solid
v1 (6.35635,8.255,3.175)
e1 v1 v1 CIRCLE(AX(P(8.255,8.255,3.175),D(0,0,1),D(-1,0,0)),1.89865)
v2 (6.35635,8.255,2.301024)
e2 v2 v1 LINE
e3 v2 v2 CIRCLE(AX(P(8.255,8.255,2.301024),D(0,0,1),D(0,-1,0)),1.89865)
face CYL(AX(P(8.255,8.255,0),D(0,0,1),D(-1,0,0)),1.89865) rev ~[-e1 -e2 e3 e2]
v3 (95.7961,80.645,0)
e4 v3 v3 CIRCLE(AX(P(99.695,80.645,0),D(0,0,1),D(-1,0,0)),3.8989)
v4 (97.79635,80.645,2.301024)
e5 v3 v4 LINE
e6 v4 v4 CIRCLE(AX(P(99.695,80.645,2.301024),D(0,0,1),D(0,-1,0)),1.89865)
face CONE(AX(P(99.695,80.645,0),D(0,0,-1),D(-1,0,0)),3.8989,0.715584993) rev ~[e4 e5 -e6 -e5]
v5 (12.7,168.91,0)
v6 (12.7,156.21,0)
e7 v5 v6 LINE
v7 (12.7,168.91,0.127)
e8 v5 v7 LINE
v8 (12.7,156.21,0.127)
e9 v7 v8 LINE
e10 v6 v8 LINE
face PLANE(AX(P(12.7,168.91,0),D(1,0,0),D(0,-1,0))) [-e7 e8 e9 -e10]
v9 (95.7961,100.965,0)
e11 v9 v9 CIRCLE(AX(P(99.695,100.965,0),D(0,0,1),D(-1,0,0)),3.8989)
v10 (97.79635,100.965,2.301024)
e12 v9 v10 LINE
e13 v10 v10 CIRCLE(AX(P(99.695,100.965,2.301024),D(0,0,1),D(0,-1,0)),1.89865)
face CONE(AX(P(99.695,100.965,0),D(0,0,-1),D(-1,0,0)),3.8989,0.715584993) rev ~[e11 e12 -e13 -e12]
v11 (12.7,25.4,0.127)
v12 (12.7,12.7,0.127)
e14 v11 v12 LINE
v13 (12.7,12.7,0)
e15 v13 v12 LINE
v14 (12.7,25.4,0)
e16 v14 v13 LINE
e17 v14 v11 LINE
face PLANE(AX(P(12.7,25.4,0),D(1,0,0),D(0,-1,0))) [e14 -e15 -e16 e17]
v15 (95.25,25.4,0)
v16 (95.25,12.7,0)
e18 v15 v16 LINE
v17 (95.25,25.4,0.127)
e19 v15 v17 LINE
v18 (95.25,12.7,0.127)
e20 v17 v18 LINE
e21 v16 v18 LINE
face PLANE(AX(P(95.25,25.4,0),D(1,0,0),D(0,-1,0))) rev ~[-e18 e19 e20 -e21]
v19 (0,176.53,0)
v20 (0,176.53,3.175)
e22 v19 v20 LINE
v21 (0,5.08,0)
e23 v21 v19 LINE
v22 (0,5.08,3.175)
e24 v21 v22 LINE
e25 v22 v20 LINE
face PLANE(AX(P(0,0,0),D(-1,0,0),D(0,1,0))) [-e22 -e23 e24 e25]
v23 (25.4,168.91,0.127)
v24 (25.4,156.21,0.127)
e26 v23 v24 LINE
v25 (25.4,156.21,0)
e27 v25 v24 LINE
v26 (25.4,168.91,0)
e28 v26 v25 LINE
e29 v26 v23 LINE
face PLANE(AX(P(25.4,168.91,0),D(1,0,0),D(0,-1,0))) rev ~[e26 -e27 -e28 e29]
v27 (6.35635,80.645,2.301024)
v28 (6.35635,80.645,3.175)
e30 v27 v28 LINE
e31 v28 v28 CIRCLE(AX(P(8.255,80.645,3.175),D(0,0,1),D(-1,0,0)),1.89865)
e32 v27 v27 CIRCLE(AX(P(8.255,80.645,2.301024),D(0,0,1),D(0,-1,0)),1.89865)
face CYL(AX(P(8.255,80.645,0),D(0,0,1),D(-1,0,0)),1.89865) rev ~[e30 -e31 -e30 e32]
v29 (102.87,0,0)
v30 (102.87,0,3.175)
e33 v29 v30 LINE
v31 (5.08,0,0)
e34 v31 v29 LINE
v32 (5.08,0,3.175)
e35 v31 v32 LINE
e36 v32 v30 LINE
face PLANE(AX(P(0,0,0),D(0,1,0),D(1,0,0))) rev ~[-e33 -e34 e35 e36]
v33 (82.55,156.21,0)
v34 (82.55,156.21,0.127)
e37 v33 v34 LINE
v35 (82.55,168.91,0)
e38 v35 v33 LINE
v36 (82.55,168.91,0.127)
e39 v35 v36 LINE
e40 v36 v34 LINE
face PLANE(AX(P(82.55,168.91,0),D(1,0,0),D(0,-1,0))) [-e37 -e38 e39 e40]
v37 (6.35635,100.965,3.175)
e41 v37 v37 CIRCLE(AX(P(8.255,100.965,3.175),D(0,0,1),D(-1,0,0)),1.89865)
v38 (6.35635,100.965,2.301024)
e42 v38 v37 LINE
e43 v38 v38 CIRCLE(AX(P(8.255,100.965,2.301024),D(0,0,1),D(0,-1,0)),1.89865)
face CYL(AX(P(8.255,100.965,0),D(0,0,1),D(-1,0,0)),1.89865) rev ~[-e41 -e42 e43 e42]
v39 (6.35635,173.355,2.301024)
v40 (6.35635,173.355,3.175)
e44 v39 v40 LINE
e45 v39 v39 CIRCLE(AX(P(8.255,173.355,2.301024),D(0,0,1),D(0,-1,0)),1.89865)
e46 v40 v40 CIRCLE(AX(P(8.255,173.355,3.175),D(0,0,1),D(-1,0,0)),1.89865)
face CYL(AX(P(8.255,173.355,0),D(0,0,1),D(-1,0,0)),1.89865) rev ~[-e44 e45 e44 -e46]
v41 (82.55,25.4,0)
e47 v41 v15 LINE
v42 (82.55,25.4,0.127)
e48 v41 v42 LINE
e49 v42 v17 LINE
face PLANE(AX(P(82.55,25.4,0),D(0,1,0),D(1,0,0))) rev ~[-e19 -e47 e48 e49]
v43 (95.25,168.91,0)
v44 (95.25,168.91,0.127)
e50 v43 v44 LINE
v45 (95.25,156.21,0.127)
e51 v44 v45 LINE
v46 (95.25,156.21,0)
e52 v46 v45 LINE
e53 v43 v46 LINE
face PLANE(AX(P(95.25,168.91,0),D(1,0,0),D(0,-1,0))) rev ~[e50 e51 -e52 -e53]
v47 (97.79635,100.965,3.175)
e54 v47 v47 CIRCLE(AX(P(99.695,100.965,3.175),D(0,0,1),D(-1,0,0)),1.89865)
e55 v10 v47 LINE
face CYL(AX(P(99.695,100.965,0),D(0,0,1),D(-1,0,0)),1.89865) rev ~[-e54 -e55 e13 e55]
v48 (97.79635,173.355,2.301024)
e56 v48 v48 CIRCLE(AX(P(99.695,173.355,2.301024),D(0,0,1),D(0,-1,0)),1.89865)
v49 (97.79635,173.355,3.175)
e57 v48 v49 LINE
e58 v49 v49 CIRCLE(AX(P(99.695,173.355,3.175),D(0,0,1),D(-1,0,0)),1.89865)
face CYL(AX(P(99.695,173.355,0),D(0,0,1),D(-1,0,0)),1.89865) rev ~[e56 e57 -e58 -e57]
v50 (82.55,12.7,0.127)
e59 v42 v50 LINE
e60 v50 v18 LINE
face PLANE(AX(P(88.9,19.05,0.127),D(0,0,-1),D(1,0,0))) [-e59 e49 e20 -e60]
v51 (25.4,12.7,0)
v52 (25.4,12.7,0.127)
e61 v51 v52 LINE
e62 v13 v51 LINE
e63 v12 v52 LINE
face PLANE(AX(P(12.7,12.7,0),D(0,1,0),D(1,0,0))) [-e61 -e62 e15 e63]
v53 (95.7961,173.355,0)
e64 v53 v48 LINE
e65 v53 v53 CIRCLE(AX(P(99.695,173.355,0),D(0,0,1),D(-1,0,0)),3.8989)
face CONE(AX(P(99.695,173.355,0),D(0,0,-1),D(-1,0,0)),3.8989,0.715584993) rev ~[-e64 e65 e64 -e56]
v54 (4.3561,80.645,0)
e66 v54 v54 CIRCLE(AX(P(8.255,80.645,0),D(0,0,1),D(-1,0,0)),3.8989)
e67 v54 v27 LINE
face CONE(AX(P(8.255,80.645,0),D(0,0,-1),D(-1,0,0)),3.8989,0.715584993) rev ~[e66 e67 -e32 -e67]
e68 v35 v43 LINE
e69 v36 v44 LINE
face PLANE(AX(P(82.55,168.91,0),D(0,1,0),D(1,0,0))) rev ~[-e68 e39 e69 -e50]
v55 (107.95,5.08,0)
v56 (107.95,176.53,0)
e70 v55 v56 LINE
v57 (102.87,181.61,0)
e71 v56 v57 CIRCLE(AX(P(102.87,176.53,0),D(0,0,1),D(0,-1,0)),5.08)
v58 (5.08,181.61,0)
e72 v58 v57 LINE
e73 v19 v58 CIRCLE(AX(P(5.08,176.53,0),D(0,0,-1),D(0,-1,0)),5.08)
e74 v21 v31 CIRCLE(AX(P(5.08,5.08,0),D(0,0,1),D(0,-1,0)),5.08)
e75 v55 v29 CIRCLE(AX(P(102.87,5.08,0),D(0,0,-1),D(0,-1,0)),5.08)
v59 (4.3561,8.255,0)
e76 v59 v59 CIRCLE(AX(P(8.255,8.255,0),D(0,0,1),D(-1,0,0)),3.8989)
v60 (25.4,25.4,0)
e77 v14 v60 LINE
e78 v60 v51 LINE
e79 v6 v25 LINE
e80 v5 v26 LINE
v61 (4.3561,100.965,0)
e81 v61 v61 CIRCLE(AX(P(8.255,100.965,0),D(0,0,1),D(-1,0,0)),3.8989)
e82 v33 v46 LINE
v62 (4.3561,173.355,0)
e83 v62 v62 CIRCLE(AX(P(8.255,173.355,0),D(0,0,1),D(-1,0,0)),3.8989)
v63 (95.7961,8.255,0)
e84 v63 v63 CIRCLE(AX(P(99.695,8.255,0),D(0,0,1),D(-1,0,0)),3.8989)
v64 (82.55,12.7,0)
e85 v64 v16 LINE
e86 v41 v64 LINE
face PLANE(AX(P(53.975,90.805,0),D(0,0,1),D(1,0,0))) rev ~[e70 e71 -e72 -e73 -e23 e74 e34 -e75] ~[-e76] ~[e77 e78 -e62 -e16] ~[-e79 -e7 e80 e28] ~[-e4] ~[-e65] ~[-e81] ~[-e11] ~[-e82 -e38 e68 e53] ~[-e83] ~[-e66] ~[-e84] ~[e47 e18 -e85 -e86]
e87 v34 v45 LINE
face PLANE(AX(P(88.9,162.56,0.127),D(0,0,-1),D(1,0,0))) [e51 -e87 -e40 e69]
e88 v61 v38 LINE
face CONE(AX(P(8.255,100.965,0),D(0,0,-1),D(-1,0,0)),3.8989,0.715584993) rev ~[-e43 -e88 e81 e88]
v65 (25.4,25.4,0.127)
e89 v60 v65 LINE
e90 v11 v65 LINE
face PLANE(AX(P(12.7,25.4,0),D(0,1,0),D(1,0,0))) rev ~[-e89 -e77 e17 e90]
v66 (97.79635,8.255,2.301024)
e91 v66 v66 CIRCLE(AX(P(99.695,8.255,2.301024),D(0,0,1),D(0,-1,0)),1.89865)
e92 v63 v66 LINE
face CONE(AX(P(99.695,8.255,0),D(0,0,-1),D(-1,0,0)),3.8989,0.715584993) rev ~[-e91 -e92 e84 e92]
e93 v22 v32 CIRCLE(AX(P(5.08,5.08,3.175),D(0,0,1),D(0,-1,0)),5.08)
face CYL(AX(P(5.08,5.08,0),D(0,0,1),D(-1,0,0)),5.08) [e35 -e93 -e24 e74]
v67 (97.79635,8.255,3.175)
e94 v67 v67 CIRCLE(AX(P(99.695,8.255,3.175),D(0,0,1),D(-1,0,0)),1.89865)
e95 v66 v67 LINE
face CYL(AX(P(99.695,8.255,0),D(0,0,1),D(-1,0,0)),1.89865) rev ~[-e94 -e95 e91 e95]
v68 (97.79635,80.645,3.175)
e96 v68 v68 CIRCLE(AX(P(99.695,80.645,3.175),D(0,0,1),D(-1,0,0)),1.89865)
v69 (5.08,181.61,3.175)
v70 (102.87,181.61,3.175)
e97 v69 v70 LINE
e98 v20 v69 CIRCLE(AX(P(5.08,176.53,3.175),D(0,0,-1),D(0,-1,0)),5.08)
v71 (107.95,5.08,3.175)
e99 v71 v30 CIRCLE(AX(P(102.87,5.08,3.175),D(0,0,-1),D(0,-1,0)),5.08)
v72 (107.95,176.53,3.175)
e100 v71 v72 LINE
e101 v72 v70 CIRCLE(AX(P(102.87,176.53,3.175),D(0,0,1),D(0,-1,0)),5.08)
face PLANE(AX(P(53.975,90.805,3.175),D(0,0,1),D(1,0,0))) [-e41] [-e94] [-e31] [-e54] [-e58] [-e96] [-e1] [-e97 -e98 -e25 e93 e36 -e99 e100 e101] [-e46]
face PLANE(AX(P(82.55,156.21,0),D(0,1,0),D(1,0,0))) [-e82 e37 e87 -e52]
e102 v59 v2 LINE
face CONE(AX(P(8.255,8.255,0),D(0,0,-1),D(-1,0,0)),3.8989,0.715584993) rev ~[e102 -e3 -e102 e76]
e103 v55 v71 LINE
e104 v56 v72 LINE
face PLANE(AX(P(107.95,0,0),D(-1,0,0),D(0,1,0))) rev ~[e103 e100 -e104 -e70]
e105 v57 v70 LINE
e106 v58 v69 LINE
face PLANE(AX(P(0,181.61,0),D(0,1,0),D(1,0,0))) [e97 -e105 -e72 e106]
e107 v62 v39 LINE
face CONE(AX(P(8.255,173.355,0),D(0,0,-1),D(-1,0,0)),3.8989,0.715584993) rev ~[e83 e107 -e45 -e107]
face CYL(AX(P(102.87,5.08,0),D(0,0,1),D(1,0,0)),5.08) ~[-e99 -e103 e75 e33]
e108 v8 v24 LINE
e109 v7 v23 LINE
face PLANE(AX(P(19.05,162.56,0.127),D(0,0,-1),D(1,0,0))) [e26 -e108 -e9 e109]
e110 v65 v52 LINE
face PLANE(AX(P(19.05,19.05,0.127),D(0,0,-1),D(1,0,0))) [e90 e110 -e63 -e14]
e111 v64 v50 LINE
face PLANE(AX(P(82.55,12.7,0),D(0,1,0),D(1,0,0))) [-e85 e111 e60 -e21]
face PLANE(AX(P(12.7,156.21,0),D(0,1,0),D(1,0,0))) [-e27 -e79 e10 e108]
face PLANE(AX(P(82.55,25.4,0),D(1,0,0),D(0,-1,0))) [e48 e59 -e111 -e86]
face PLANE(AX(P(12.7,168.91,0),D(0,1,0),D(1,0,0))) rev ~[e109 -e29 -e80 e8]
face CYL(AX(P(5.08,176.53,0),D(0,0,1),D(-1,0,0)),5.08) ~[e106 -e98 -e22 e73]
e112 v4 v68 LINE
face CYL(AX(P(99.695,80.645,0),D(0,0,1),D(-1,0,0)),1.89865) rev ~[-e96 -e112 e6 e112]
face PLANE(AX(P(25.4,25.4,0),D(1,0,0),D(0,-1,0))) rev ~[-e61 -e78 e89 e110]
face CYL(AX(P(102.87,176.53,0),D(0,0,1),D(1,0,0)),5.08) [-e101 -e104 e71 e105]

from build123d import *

# Parameters (mm, degrees)
F0_W           = 107.95
F0_H           = 181.61
F1_DEPTH       = 3.175
F3_D           = 3.7973
F3_CSINK_D     = 7.7978
F3_CSINK_ANGLE = 82
F4_R           = 5.08
F5_W           = 12.7
F5_H           = 12.7
F6_DEPTH       = 0.127


with BuildPart() as f1:
    # F0 (on Top) → F1 (new body)
    with BuildSketch(Plane.XY):
        with Locations((53.975, 90.805)):
            Rectangle(F0_W, F0_H)
    extrude(amount=F1_DEPTH)

    # F3 (through all)
    with Locations(Plane(origin=(0, 0, 0), x_dir=(1, 0, 0), z_dir=(0, 0, -1))):
        with Locations((8.255, -8.255), (99.695, -8.255), (99.695, -80.645), (8.255, -80.645), (8.255, -100.965), (8.255, -173.355), (99.695, -173.355), (99.695, -100.965)):
            CounterSinkHole(F3_D / 2, F3_CSINK_D / 2, counter_sink_angle=F3_CSINK_ANGLE)

    # F4
    f4_edges = [f1.edges().sort_by_distance(p)[0] for p in [
        (0, 0, 1.5875),
        (107.95, 0, 1.5875),
        (107.95, 181.61, 1.5875),
        (0, 181.61, 1.5875),
    ]]
    fillet(f4_edges, radius=F4_R)

    # F5 (on face) → F6 (cut)
    with BuildSketch(Plane(origin=(0, 0, 0), x_dir=(1, 0, 0), z_dir=(0, 0, -1))):
        with Locations((19.05, -19.05)):
            Rectangle(F5_W, F5_H)
        with Locations((88.9, -19.05)):
            Rectangle(F5_W, F5_H)
        with Locations((19.05, -162.56)):
            Rectangle(F5_W, F5_H)
        with Locations((88.9, -162.56)):
            Rectangle(F5_W, F5_H)
    extrude(amount=-F6_DEPTH, mode=Mode.SUBTRACT)


solid = f1.part
